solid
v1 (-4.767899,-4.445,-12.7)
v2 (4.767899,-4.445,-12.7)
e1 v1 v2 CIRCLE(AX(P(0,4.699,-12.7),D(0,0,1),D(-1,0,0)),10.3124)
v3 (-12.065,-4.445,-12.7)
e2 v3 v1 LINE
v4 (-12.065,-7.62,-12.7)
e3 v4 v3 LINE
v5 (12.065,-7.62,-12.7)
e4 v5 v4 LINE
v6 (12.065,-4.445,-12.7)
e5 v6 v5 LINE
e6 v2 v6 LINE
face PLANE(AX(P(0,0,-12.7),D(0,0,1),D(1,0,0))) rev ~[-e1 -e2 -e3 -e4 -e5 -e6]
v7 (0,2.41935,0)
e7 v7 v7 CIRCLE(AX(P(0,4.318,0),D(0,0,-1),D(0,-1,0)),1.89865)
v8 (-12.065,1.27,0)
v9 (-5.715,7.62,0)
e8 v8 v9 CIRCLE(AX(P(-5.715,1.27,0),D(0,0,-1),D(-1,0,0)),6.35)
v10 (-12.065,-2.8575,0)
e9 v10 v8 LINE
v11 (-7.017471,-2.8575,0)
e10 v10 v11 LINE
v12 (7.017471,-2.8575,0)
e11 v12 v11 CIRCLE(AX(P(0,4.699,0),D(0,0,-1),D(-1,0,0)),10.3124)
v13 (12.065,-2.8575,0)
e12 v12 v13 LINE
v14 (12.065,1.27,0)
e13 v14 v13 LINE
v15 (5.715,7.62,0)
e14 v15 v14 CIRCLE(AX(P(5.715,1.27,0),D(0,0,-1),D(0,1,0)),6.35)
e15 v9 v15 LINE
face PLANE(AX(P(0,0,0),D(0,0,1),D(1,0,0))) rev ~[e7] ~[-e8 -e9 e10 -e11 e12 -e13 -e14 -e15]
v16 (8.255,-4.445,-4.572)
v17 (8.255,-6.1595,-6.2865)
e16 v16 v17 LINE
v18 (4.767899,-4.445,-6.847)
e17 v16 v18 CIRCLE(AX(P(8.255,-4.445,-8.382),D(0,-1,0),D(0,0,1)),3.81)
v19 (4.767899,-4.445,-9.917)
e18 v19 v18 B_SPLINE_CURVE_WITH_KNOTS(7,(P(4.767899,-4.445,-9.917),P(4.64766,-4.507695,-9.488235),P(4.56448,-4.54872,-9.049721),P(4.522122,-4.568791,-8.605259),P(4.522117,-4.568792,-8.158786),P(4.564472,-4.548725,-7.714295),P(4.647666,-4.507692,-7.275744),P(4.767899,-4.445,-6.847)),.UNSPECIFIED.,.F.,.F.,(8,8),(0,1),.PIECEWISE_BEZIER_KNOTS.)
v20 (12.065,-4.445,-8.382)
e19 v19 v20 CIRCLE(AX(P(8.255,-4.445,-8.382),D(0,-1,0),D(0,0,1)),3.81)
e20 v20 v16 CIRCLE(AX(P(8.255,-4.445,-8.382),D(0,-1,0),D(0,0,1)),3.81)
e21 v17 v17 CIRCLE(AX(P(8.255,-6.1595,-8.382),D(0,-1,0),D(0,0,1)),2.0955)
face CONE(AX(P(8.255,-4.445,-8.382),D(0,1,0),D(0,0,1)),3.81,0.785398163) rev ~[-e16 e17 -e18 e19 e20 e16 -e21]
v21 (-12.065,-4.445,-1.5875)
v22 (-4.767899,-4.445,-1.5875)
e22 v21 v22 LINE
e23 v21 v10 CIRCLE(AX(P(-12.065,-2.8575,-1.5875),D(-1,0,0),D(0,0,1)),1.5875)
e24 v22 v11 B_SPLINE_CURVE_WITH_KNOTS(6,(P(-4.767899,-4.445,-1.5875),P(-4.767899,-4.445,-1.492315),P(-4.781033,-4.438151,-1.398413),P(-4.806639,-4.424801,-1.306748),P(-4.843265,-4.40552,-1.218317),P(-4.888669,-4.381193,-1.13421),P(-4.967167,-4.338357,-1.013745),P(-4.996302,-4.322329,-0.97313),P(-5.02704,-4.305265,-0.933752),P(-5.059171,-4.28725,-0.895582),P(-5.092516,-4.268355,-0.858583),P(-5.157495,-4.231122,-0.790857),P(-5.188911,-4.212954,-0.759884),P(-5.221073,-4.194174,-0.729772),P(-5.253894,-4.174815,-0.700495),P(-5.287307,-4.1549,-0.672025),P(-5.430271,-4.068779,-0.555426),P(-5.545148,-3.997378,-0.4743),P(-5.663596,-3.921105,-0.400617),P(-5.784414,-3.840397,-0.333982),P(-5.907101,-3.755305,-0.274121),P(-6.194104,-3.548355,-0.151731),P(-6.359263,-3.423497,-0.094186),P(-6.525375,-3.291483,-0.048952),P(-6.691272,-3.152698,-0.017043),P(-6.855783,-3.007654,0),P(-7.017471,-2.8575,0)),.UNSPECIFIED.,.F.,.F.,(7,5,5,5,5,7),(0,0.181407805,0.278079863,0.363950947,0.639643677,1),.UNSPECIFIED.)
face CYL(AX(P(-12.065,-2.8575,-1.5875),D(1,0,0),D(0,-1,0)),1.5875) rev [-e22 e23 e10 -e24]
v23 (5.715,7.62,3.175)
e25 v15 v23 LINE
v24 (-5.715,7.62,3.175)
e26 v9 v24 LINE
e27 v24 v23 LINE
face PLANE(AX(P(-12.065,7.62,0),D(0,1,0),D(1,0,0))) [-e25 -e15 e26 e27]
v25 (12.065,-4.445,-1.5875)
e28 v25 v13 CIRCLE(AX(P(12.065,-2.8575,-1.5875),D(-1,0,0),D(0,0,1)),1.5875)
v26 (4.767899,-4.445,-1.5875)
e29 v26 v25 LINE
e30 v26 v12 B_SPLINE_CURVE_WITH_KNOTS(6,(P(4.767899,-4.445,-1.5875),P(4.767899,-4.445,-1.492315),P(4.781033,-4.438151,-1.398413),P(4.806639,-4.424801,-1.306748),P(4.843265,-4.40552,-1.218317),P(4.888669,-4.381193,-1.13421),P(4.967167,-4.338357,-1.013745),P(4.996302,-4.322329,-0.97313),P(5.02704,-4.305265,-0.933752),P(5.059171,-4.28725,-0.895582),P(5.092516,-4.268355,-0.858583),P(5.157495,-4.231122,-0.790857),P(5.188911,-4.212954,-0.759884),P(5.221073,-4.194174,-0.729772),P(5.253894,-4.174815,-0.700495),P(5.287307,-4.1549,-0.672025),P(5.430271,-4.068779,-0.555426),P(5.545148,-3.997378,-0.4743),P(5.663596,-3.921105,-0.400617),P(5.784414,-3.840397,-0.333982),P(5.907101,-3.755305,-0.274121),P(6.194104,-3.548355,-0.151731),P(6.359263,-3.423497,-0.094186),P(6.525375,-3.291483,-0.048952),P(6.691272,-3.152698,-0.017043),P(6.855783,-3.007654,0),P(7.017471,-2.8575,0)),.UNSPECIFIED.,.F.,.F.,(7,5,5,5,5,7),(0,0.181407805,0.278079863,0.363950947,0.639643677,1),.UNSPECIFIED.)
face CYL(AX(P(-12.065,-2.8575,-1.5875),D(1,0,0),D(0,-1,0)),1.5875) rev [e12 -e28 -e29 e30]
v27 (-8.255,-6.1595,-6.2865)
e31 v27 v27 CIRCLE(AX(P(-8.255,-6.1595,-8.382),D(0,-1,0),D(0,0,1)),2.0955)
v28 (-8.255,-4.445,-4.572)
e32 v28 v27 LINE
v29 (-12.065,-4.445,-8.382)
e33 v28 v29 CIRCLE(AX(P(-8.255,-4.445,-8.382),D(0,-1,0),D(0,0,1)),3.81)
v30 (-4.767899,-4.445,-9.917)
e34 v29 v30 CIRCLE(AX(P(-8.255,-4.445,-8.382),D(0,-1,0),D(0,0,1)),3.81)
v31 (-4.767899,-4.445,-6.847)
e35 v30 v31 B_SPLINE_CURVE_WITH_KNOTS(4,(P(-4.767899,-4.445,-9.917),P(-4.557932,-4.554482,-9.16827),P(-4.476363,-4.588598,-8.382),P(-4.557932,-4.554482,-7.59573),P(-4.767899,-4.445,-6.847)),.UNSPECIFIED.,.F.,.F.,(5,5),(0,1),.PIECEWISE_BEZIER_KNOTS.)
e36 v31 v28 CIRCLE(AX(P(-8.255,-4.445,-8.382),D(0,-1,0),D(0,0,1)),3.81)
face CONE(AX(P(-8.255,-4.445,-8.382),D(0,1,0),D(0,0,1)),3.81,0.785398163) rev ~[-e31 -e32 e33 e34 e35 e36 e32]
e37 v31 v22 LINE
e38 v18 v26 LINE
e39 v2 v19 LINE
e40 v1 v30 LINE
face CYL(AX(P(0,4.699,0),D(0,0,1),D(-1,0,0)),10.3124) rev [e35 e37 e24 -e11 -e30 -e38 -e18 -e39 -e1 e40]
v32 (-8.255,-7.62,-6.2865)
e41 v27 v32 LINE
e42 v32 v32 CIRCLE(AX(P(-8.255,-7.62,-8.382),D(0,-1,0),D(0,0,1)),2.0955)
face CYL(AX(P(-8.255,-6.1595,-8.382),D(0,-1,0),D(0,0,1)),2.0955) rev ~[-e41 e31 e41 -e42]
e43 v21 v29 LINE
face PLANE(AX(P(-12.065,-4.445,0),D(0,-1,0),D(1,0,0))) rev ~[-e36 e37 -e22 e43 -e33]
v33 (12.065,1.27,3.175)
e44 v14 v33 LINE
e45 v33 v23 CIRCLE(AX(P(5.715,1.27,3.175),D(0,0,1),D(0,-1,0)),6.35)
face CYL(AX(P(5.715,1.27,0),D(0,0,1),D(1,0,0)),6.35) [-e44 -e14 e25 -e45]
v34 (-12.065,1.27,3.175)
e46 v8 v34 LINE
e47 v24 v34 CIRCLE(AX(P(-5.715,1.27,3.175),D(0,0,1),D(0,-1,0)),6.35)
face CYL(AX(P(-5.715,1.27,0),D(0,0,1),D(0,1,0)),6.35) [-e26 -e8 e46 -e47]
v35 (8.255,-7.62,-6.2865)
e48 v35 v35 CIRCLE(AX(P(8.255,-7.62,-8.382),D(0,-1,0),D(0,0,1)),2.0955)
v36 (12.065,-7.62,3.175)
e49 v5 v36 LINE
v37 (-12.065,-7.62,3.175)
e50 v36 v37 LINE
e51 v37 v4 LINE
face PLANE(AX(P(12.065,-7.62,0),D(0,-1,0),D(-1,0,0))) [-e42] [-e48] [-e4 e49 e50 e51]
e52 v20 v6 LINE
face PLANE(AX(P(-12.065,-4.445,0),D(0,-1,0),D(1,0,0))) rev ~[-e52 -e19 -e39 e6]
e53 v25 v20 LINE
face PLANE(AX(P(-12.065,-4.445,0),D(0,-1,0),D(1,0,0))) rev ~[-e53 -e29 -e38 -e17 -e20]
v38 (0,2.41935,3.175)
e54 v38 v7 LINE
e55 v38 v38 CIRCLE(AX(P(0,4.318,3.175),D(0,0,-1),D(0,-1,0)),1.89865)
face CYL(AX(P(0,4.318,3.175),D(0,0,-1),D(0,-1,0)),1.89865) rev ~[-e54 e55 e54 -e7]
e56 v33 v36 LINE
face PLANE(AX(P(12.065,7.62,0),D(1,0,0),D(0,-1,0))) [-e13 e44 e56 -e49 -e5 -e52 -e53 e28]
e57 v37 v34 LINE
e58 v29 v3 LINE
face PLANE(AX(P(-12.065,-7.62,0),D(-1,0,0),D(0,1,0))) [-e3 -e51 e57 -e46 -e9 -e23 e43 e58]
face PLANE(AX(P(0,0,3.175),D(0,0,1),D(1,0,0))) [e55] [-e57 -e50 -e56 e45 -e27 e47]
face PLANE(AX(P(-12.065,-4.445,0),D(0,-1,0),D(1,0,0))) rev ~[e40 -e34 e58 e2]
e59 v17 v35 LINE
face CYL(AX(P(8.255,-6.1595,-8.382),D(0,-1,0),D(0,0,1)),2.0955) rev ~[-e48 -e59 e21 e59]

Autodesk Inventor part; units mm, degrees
ref_plane "YZ Plane" through (0, 0, 0) normal (1, 0, 0) x (0, 1, 0)
ref_plane "XZ Plane" through (0, 0, 0) normal (0, 1, 0) x (-1, 0, 0)
ref_plane "XY Plane" through (0, 0, 0) normal (0, 0, 1) x (1, 0, 0)
sketch "Sketch1" plane through (0, 0, 0) normal (0, 0, 1) x (1, 0, 0)
  line L0 (12.065, -7.62) -> (-12.065, -7.62)
  line L1 (-12.065, -7.62) -> (-12.065, 7.62)
  line L2 (-12.065, 7.62) -> (12.065, 7.62)
  line L3 (12.065, 7.62) -> (12.065, -7.62)
  line L4 (12.065, -7.62) -> (-12.065, 7.62) construction
  line L5 (-12.065, -7.62) -> (12.065, 7.62) construction
  point P0 (0, 0)
  dimension "d0" = 24.13
  dimension "d1" = 15.24
extrude "Extrusion1" add sketch "Sketch1" along normal blind 3.175
sketch "Sketch2" plane through (0, 0, 0) normal (0, 0, 1) x (1, 0, 0)
  line L0 (12.065, 7.62) -> (12.065, -7.62) projected
  line L1 (-12.065, -7.62) -> (-12.065, 7.62) projected
  line L2 (12.065, -7.62) -> (-12.065, -7.62) projected
  line L3 (12.065, -7.62) -> (-12.065, -7.62)
  line L4 (-12.065, -7.62) -> (-12.065, -4.445)
  line L5 (-12.065, -4.445) -> (12.065, -4.445)
  line L6 (12.065, -4.445) -> (12.065, -7.62)
  point P0 (0, 0)
  dimension "d4" = 3.175
extrude "Extrusion2" add sketch "Sketch2" against normal blind 12.7
sketch "Sketch3" plane through (-12.065, -4.445, 0) normal (0, 1, 0) x (1, 0, 0)
  line L0 (0, 0) -> (24.13, 0) projected
  line L1 (12.065, 0) -> (12.065, 12.7) construction
  line L2 (24.13, 12.7) -> (0, 12.7) projected
  line L3 (24.13, -3.175) -> (0, -3.175) projected
  point P0 (3.81, 8.382)
  point P1 (20.32, 8.382)
  point P2 (3.81, -6.5118)
  point P3 (20.32, -6.5118)
  dimension "d34" = 16.51
  dimension "d35" = 8.255
  dimension "d37" = 11.557
hole "Hole1" at (-8.255, -4.445, -8.382) at (8.255, -4.445, -8.382) direction (0, -1, 0) diameter 4.191 end through all countersink diameter 7.62 countersink angle 90
sketch "Sketch4" plane through (0, 0, 3.175) normal (0, 0, 1) x (1, 0, 0)
  point P0 (0, 0)
sketch "Sketch5" plane through (0, 0, 3.175) normal (0, 0, 1) x (1, 0, 0)
  line L0 (-12.065, -7.62) -> (12.065, -7.62) projected
  line L1 (12.065, 7.62) -> (-12.065, 7.62) projected
  point P0 (0, 0)
  point P1 (0, 4.318)
  dimension "d18" = 11.938
  dimension "d27" = 3.302
hole "Hole2" at (0, 4.318, 3.175) direction (0, 0, -1) diameter 3.7973 end through all
fillet "Fillet2" radius 1.5875 1 edges at (0, -4.445, 0)
fillet "Fillet1" radius 6.35 2 edges at (12.065, 7.62, 1.5875) (-12.065, 7.62, 1.5875)
sketch "Sketch6" plane through (0, 0, 0) normal (0, 0, -1) x (-1, 0, 0)
  circle A0 centre (0, 4.318) radius 1.8986 projected
  line L0 (12.065, -4.445) -> (-12.065, -4.445) projected
  circle A1 centre (0, 4.699) radius 10.3124
  circle A2 centre (0, 4.318) radius 9.9187 construction
  circle A3 centre (0, 4.318) radius 9.525 construction
  point P0 (0, 0)
  dimension "d38" = 20.6248
  dimension "d39" = 0.381
  dimension "d40" = 19.8374
  dimension "d41" = 19.05
extrude "Extrusion3" cut sketch "Sketch6" along normal up to surface (12.7 mm away)
sketch "Sketch7" plane through (12.065, -4.445, -1.5875) normal (0, 1, 0) x (1, 0, 0)
  circle A0 centre (-20.32, 6.6675) radius 1.2319 projected
  point P0 (-12.065, -1.5875)
equation "\"d35\" = 0.5 * d34"
properties part number "J005359" material "ALUMINUM, 6061-T651"
